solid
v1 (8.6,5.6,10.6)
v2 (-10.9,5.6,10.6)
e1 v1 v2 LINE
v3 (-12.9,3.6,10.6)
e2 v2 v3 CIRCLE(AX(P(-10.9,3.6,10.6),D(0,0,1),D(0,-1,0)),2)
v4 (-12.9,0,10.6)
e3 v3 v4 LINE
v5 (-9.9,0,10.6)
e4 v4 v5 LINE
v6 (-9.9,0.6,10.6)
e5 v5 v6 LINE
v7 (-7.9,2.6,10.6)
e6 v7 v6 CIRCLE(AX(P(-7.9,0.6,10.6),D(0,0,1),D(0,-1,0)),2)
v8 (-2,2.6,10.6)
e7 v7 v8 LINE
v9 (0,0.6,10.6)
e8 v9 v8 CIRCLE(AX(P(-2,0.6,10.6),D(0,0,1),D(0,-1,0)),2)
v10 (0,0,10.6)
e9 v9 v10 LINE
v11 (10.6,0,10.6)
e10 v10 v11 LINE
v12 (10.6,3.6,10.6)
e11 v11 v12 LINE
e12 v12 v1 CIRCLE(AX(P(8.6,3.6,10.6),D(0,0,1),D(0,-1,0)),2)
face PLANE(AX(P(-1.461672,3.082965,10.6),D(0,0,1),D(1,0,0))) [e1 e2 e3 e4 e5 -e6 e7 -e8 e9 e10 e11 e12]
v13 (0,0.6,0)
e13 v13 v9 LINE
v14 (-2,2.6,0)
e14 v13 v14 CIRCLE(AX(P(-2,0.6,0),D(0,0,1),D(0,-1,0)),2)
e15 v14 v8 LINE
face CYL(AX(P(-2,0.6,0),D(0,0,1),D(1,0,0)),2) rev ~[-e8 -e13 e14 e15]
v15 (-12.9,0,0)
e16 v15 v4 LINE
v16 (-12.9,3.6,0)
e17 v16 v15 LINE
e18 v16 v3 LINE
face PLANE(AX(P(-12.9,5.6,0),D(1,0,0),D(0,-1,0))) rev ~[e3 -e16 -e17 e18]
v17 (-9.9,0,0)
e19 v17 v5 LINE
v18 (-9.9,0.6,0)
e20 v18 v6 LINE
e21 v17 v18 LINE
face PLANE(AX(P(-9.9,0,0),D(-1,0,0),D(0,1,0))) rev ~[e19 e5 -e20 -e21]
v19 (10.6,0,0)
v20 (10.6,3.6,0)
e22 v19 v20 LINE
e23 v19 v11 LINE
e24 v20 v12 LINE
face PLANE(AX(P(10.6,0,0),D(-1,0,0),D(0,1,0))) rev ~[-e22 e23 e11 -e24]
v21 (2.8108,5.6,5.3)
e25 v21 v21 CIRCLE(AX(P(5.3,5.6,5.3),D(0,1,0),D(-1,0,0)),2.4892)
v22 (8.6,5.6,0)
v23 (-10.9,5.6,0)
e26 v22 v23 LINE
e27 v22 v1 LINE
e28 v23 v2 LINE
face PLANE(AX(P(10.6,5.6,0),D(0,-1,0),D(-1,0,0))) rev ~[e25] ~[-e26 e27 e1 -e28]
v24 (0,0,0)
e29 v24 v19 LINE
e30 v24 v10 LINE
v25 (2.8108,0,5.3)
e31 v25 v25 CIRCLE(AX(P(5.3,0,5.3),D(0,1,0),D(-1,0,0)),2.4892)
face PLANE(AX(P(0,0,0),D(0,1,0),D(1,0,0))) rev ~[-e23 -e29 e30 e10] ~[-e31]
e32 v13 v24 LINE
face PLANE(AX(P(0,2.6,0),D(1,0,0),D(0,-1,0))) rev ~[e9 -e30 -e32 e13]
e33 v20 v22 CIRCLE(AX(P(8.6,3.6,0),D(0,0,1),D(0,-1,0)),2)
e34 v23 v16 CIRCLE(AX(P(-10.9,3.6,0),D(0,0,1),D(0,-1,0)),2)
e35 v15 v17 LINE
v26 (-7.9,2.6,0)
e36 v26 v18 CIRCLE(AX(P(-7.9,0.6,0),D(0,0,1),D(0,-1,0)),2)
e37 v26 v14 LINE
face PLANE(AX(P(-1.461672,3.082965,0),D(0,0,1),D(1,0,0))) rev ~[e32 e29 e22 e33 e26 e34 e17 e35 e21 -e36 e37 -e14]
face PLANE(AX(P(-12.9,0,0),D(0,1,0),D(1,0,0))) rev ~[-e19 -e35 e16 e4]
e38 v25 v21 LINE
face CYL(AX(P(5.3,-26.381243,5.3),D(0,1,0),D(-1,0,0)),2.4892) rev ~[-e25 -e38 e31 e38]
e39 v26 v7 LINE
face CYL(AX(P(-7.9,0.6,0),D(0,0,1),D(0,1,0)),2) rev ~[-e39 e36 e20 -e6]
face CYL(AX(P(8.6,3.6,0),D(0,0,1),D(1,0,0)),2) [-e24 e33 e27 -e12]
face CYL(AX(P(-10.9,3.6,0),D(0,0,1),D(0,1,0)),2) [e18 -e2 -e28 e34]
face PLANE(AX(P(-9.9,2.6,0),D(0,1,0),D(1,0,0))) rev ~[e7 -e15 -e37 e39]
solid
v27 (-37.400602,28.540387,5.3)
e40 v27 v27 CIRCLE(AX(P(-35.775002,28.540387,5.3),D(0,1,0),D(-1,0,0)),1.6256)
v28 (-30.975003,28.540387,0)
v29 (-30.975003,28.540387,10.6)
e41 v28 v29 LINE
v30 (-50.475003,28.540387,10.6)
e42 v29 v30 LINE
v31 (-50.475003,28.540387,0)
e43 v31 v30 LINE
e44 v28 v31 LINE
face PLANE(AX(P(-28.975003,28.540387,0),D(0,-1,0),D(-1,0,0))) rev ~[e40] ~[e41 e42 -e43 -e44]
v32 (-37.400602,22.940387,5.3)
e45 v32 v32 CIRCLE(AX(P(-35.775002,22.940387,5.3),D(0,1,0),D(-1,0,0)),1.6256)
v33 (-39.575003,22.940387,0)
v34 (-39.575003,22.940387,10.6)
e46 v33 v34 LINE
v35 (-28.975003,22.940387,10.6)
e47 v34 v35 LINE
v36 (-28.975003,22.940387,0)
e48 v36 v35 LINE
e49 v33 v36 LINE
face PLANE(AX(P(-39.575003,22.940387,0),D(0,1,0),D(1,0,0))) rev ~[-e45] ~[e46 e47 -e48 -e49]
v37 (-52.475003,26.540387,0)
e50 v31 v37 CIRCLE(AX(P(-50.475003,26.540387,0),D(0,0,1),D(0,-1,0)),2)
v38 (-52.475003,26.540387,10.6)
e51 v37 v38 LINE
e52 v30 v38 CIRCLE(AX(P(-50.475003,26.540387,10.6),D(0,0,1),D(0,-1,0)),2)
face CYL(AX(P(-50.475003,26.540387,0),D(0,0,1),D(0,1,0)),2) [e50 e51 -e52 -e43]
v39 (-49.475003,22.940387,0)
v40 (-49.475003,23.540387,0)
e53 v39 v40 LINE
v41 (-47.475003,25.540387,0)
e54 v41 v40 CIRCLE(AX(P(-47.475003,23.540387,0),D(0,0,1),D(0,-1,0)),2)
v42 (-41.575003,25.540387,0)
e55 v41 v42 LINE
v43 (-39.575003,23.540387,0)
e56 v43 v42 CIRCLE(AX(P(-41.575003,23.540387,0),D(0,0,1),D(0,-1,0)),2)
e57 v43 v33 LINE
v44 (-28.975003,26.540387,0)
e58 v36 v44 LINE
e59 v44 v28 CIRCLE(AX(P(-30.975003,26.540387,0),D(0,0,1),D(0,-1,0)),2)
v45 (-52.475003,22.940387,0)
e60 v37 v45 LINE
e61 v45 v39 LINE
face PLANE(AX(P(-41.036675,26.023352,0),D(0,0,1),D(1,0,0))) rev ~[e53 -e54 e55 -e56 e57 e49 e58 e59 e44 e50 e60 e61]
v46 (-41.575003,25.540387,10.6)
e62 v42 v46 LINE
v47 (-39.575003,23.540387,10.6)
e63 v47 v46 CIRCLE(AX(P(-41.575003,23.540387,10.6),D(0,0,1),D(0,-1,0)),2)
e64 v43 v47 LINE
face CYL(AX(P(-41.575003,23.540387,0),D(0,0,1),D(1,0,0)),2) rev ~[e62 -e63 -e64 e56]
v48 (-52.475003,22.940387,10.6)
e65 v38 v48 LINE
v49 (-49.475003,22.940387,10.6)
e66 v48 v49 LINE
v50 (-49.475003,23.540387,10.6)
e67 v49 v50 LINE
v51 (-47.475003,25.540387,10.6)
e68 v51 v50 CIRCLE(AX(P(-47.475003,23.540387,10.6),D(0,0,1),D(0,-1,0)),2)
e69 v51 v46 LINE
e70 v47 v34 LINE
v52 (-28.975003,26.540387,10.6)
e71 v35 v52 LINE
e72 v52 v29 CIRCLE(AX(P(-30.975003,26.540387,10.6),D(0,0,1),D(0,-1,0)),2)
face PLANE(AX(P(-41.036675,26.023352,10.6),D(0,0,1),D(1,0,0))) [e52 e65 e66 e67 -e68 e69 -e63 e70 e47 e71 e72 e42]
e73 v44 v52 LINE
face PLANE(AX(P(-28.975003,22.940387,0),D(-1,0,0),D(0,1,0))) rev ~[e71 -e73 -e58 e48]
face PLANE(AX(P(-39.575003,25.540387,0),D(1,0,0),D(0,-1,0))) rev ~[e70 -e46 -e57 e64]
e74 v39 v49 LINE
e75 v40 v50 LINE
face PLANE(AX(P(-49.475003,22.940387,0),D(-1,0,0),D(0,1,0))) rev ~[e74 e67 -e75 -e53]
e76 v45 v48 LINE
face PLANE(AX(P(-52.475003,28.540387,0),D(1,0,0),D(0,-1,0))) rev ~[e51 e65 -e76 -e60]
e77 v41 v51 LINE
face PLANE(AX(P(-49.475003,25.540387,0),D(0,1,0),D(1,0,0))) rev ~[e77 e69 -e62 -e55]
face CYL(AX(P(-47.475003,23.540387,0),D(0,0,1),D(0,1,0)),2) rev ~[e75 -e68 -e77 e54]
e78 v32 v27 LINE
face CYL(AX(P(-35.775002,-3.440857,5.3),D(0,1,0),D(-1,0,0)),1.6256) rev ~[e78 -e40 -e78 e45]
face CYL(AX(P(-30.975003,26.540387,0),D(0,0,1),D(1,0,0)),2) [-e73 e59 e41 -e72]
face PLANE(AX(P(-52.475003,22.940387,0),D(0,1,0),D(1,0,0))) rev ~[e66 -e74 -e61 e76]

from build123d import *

# Parameters (mm, degrees)
F1_DEPTH = 10.6
F3_D     = 4.9784
F4_R     = 2
F6_DEPTH = 10.6
F8_D     = 3.2512
F9_R     = 2


with BuildPart() as f1:
    # F0 (on Top) → F1 (new body)
    with BuildSketch(Plane.XY):
        Polygon((0, 2.6), (0, 0), (10.6, 0), (10.6, 5.6), (-12.9, 5.6), (-12.9, 0), (-9.9, 0), (-9.9, 2.6), align=None)
    extrude(amount=F1_DEPTH)

    # F3 (through all)
    with Locations(Plane.XZ):
        with Locations((5.3, 5.3)):
            Hole(F3_D / 2)

    # F4
    f4_edges = [f1.edges().sort_by_distance(p)[0] for p in [
        (-9.9, 2.6, 5.3),
        (0, 2.6, 5.3),
        (-12.9, 5.6, 5.3),
        (10.6, 5.6, 5.3),
    ]]
    fillet(f4_edges, radius=F4_R)


with BuildPart() as f6:
    # F5 (on Top) → F6 (new body)
    with BuildSketch(Plane.XY):
        Polygon((-39.5750029802, 25.540386501), (-39.5750029802, 22.940386501), (-28.9750029802, 22.940386501), (-28.9750029802, 28.540386501), (-52.4750029802, 28.540386501), (-52.4750029802, 22.940386501), (-49.4750029802, 22.940386501), (-49.4750029802, 25.540386501), align=None)
    extrude(amount=F6_DEPTH)

    # F8 (through all)
    with Locations(Plane.XZ.offset(-22.940386501)):
        with Locations((-35.7750024021, 5.3)):
            Hole(F8_D / 2)

    # F9
    f9_edges = [f6.edges().sort_by_distance(p)[0] for p in [
        (-49.475003, 25.540387, 5.3),
        (-39.575003, 25.540387, 5.3),
        (-52.475003, 28.540387, 5.3),
        (-28.975003, 28.540387, 5.3),
    ]]
    fillet(f9_edges, radius=F9_R)


solid = Compound([f1.part, f6.part])
